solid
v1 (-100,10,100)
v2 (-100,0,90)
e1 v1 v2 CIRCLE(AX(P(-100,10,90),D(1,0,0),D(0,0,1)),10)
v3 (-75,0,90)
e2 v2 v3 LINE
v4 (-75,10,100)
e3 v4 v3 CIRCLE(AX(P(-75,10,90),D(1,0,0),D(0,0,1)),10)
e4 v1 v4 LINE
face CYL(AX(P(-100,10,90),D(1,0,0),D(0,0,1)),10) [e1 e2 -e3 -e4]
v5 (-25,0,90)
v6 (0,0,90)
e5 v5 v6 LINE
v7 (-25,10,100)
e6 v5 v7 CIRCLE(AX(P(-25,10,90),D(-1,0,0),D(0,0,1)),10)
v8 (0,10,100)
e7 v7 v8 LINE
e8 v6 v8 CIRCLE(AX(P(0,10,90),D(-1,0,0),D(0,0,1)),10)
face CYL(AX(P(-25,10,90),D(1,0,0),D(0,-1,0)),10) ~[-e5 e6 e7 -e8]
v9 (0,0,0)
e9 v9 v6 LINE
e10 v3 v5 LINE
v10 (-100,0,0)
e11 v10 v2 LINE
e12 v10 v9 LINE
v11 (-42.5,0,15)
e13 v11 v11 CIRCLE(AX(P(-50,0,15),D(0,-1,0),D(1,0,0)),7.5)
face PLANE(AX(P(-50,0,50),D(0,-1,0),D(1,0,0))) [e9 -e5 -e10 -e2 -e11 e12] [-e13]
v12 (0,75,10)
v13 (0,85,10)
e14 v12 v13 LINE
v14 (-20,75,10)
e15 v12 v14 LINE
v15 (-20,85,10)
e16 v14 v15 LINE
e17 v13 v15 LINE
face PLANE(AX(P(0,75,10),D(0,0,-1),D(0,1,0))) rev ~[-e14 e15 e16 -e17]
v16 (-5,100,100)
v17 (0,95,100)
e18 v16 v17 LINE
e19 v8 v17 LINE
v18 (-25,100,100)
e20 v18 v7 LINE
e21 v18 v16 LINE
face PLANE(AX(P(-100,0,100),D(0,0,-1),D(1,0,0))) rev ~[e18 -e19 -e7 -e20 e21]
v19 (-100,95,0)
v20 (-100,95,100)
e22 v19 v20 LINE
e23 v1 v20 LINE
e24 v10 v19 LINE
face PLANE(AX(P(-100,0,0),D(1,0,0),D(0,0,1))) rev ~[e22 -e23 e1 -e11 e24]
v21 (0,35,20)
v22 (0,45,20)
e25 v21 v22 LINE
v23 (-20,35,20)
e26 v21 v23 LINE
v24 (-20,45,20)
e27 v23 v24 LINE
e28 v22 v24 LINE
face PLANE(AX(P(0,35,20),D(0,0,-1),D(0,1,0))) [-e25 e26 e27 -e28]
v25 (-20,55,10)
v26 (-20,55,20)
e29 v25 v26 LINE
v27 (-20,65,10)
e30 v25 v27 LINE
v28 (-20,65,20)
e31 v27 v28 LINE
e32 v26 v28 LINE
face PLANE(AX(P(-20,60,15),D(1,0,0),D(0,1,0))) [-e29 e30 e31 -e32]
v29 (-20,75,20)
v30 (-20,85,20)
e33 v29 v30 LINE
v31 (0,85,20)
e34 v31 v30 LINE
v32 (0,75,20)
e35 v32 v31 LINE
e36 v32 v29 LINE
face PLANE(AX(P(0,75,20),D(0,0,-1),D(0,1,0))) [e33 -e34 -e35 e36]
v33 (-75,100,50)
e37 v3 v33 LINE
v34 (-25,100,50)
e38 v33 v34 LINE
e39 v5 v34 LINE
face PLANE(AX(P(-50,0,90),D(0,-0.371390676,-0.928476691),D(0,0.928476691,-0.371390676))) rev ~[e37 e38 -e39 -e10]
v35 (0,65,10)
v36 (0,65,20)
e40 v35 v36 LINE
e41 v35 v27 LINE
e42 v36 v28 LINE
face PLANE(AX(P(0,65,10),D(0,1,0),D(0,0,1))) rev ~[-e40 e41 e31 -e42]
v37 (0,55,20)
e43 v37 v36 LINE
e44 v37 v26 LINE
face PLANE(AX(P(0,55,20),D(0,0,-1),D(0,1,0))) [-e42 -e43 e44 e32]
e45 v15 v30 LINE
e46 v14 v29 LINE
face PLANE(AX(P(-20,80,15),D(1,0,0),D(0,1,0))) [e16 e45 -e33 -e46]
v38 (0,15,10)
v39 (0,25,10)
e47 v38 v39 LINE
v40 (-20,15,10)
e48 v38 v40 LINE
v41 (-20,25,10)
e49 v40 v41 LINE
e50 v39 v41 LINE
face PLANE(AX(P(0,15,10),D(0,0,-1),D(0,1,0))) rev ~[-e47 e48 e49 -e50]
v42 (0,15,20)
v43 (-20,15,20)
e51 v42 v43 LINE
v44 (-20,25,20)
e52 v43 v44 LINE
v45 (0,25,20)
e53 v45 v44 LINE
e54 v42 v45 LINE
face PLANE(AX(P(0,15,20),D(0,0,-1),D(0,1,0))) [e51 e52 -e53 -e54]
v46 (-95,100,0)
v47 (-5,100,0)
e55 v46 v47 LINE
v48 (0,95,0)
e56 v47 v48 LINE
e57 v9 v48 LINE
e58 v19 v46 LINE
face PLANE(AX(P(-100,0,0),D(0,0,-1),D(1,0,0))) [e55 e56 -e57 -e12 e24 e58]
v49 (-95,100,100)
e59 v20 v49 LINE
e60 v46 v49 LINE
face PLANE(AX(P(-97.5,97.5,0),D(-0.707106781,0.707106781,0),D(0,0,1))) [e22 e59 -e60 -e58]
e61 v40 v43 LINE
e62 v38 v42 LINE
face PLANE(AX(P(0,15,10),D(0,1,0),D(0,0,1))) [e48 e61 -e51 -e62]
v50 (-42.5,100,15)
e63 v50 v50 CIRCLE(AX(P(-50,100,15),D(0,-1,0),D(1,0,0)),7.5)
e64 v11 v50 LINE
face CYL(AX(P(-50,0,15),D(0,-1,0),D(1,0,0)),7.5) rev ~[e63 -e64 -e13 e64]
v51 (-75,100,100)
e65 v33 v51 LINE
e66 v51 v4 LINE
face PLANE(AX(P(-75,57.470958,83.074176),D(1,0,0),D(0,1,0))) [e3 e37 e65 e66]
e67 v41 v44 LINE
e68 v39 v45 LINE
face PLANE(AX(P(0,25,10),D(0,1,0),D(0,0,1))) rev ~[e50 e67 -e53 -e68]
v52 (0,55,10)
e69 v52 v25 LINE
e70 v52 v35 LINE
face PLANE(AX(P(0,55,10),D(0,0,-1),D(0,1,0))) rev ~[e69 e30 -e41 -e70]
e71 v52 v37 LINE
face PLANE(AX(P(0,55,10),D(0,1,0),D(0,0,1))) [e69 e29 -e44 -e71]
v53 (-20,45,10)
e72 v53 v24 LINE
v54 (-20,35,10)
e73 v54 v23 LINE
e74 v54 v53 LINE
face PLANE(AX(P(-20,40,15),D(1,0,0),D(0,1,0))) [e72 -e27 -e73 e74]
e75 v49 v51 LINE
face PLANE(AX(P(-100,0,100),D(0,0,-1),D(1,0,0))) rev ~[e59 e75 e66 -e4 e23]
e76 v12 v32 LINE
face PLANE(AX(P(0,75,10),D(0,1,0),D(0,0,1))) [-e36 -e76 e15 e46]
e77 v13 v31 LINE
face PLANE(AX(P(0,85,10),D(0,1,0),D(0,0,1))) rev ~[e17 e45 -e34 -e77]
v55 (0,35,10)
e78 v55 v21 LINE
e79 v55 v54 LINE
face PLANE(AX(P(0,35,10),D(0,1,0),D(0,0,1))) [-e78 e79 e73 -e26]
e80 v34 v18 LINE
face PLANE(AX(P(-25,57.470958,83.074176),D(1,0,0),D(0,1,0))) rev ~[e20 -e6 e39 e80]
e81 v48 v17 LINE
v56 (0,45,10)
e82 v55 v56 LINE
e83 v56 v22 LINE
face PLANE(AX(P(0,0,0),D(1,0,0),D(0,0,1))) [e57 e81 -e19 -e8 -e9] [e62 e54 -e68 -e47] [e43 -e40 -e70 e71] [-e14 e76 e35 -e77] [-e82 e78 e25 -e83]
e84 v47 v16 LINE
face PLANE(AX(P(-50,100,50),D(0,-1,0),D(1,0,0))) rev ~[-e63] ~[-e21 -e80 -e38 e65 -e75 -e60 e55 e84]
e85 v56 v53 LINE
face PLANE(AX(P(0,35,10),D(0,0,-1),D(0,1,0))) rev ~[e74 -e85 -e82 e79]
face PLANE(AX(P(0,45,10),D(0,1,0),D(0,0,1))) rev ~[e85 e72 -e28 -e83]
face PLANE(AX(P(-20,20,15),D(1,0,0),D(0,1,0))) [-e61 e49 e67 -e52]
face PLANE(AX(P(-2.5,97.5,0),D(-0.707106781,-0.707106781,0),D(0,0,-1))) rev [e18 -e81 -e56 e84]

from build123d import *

# Parameters (mm, degrees)
F0_W     = 100
F0_H     = 100
F0_R     = 7.5
F1_DEPTH = 100
F4_DEPTH = 25
F5_R     = 10
F6_SIZE  = 5
F7_W     = 10
F7_H     = 10
F8_DEPTH = 20


with BuildPart() as f1:
    # F0 (on Front) → F1 (new body)
    with BuildSketch(Plane.XZ):
        with Locations((-50, 50)):
            Rectangle(F0_W, F0_H)
        with Locations((-50, 15)):
            Circle(F0_R, mode=Mode.SUBTRACT)
    extrude(amount=-F1_DEPTH)

    # F3 (on mid) → F4 (cut, symmetric)
    with BuildSketch(Plane.YZ.offset(-50)):
        Polygon((0, 100), (0, 90), (100, 50), (100, 100), align=None)
    extrude(amount=F4_DEPTH, both=True, mode=Mode.SUBTRACT)

    # F5
    f5_edges = [f1.edges().sort_by_distance(p)[0] for p in [
        (-12.5, 0, 100),
        (-87.5, 0, 100),
    ]]
    fillet(f5_edges, radius=F5_R)

    # F6
    f6_edges = [f1.edges().sort_by_distance(p)[0] for p in [
        (0, 100, 50),
        (-100, 100, 50),
    ]]
    chamfer(f6_edges, length=F6_SIZE)

    # F7 (on Right) → F8 (cut)
    with BuildSketch(Plane.YZ):
        with Locations((20, 15)):
            Rectangle(F7_W, F7_H)
        with Locations((40, 15)):
            Rectangle(F7_W, F7_H)
        with Locations((60, 15)):
            Rectangle(F7_W, F7_H)
        with Locations((80, 15)):
            Rectangle(F7_W, F7_H)
    extrude(amount=-F8_DEPTH, mode=Mode.SUBTRACT)


solid = f1.part
